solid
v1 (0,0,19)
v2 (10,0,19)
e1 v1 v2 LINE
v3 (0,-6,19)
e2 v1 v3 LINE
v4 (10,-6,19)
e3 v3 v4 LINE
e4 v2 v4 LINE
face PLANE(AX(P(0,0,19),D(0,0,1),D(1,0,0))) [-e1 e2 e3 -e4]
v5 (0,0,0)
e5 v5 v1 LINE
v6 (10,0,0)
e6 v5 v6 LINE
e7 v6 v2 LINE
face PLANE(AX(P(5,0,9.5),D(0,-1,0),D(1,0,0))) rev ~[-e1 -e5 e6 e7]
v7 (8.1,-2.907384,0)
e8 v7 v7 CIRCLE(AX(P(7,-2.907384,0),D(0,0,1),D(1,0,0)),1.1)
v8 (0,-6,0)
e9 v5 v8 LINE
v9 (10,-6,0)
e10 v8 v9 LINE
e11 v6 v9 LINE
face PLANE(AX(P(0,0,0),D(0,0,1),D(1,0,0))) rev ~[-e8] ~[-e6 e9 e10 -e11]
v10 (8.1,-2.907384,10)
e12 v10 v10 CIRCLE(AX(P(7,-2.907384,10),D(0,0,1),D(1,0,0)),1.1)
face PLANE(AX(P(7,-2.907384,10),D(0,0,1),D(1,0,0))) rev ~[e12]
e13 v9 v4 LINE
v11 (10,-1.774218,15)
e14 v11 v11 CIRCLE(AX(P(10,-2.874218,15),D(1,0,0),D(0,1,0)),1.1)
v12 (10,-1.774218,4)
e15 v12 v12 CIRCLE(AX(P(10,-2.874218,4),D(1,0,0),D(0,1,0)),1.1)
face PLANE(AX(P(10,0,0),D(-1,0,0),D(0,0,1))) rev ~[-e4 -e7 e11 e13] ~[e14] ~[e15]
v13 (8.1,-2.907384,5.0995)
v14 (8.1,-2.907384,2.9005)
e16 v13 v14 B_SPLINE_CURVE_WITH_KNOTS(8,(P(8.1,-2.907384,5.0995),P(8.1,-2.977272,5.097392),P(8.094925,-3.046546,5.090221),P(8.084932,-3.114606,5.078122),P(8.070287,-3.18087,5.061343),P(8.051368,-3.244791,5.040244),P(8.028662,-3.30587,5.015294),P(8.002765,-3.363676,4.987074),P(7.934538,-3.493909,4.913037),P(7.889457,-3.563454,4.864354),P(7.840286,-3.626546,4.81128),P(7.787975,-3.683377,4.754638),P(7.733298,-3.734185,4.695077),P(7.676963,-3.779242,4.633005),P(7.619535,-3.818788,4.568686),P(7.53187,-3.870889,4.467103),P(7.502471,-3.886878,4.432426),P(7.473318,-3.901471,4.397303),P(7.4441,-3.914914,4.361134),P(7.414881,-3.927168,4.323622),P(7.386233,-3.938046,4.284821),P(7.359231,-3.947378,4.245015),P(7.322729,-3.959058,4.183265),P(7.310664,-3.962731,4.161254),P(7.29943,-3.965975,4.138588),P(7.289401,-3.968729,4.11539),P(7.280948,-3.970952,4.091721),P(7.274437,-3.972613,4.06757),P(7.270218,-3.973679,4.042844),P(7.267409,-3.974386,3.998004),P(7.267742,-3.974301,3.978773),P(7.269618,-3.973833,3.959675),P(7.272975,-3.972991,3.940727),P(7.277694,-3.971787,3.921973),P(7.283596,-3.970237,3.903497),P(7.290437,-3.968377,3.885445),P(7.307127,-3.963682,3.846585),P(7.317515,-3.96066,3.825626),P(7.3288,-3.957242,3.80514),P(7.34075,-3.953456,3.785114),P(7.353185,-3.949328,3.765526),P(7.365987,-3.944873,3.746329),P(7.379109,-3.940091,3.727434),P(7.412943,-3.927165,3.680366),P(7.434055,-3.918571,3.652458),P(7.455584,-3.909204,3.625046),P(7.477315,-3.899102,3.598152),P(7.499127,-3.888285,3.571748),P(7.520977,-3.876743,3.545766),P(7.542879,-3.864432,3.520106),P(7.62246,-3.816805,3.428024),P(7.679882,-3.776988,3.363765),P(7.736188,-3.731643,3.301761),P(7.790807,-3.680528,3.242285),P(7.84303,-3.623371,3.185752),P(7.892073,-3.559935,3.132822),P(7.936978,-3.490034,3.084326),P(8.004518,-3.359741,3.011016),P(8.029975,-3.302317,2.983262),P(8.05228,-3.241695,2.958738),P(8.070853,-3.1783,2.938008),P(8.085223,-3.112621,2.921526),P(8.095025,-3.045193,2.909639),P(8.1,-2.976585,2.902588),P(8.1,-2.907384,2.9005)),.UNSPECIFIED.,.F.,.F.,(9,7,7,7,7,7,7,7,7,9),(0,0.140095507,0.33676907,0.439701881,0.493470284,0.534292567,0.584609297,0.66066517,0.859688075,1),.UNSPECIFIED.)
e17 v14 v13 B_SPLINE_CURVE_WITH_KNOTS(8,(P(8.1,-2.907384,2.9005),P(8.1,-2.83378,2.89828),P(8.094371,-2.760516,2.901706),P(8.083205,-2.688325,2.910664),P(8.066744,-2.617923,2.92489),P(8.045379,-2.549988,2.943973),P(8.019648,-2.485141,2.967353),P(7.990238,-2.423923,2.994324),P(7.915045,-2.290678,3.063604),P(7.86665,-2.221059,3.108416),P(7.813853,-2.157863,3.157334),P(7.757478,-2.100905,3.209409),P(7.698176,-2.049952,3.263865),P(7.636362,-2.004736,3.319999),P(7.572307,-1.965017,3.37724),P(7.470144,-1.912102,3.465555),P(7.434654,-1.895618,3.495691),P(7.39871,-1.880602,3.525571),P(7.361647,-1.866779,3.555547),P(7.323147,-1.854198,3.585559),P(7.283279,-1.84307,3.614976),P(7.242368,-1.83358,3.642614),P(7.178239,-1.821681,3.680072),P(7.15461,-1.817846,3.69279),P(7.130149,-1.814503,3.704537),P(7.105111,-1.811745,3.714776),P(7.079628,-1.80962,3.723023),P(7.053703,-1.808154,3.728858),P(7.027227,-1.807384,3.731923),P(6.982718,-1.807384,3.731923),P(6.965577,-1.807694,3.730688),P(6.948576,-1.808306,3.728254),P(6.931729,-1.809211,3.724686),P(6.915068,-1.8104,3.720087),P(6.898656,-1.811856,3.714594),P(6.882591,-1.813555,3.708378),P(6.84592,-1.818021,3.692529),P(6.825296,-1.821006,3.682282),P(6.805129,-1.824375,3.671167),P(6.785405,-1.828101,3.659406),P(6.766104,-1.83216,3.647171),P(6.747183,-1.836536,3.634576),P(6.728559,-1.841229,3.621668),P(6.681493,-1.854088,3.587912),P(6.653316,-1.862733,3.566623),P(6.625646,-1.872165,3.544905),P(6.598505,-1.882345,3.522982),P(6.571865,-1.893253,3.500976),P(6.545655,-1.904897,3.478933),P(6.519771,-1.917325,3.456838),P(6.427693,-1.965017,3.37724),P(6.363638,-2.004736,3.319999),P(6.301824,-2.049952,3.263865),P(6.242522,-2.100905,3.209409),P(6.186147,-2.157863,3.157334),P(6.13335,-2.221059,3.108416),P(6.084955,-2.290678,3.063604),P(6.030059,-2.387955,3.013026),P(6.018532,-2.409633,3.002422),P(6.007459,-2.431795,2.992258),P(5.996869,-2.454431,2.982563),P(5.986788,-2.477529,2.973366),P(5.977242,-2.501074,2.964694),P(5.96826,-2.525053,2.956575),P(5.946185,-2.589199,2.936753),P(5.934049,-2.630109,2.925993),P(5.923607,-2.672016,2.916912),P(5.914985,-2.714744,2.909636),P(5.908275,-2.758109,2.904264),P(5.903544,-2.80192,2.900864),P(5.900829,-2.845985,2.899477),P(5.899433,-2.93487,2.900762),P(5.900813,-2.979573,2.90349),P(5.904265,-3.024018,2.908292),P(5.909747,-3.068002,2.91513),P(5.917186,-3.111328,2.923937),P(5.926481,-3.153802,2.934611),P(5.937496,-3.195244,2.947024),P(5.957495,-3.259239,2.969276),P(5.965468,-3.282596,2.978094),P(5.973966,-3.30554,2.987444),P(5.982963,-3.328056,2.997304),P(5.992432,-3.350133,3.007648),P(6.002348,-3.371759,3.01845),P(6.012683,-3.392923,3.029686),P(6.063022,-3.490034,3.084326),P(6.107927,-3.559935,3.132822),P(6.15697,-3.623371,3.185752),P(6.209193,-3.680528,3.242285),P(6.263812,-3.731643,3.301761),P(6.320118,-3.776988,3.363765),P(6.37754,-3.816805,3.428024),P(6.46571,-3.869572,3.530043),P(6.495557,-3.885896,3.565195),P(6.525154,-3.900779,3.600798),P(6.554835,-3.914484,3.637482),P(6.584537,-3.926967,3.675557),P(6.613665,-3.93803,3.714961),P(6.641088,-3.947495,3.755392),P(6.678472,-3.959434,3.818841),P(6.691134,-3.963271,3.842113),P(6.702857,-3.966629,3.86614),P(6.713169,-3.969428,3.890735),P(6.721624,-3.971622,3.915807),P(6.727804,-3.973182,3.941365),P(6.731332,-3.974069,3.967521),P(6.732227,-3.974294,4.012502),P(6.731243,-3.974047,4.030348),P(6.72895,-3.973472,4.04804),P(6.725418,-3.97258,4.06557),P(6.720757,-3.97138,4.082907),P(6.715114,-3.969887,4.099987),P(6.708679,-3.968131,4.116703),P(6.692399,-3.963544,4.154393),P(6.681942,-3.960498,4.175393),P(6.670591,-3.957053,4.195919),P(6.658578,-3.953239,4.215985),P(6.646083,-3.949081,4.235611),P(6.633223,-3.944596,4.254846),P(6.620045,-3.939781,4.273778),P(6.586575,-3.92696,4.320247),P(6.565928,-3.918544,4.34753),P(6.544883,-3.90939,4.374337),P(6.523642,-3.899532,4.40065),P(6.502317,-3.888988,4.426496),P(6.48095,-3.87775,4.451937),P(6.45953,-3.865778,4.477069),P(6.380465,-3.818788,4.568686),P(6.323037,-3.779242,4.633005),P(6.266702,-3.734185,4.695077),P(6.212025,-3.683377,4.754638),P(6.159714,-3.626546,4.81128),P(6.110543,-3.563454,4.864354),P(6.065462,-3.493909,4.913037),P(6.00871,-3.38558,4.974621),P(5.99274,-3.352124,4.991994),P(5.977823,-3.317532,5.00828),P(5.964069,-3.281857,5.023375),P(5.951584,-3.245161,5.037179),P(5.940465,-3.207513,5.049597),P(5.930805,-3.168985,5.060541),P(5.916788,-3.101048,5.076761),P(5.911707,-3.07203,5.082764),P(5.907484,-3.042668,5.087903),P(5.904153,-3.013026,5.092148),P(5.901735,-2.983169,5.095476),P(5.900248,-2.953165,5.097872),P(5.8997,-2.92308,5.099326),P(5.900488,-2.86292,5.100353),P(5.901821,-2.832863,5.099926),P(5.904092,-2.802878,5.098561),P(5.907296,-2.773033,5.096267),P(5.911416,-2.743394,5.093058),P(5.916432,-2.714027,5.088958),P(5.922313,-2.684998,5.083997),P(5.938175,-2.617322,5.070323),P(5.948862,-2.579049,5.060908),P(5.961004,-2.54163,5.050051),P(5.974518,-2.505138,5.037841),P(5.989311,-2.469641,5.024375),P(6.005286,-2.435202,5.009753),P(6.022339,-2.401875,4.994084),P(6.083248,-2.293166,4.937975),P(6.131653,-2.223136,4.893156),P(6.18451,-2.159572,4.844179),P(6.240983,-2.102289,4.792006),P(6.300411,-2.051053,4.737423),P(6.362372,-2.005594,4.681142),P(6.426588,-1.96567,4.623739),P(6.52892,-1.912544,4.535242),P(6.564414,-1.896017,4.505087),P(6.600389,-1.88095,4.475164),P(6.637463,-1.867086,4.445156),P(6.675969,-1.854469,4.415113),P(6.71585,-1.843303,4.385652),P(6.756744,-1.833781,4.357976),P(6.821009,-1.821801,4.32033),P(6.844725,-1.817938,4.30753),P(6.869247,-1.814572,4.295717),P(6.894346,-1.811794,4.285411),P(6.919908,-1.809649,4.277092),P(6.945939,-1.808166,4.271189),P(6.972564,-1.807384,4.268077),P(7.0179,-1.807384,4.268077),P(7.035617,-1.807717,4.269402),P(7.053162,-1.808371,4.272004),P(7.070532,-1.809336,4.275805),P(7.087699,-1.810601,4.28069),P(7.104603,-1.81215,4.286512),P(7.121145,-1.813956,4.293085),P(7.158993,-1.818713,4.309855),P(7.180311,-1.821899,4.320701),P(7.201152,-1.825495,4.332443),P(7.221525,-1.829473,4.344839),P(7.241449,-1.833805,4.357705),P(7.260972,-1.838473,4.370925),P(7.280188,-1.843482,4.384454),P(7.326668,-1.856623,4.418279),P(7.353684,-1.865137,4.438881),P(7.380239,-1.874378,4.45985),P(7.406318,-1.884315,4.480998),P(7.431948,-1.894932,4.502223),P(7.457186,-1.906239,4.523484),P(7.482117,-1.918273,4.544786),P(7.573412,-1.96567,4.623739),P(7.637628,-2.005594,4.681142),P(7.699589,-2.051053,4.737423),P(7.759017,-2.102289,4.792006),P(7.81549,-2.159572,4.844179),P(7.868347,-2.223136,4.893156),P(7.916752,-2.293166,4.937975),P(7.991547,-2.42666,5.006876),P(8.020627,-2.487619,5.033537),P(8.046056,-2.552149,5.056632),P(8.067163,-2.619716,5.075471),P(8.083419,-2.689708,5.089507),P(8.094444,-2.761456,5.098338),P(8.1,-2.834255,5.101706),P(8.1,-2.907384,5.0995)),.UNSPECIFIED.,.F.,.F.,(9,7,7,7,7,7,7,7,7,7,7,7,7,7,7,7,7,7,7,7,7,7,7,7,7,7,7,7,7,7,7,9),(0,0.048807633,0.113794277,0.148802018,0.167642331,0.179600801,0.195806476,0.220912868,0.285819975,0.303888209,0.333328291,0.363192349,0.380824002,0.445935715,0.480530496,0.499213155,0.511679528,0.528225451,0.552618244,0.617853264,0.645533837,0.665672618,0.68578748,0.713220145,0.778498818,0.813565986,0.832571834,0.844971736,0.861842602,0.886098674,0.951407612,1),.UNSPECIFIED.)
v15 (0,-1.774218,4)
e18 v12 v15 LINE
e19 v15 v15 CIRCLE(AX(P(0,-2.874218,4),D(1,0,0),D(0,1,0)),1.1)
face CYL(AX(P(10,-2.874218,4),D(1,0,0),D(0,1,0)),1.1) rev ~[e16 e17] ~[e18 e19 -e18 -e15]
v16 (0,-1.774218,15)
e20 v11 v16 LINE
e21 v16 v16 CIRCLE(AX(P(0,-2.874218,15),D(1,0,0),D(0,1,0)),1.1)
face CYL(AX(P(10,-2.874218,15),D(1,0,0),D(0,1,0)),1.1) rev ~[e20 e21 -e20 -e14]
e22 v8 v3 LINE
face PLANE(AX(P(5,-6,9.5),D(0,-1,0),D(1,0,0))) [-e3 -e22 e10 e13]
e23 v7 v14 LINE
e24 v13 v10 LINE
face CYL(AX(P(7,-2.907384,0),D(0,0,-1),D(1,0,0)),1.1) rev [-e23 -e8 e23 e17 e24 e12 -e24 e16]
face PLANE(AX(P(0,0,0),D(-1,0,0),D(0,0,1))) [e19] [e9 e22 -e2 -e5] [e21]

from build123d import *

# Parameters (mm, degrees)
F0_W     = 10
F0_H     = 19
F1_DEPTH = 6
F2_R     = 1.1
F3_DEPTH = 10
F4_R     = 1.1
F5_DEPTH = 10


with BuildPart() as f1:
    # F0 (on Front) → F1 (new body)
    with BuildSketch(Plane.XZ):
        with Locations((5, 9.5)):
            Rectangle(F0_W, F0_H)
    extrude(amount=F1_DEPTH)

    # F2 (on face) → F3 (cut)
    with BuildSketch(Plane.YZ.offset(10)):
        with Locations((-2.874218, 4)):
            Circle(F2_R)
        with Locations((-2.874218, 15)):
            Circle(F2_R)
    extrude(amount=-F3_DEPTH, mode=Mode.SUBTRACT)

    # F4 (on Top) → F5 (cut)
    with BuildSketch(Plane.XY):
        with Locations((7, -2.907384)):
            Circle(F4_R)
    extrude(amount=F5_DEPTH, mode=Mode.SUBTRACT)


solid = f1.part
